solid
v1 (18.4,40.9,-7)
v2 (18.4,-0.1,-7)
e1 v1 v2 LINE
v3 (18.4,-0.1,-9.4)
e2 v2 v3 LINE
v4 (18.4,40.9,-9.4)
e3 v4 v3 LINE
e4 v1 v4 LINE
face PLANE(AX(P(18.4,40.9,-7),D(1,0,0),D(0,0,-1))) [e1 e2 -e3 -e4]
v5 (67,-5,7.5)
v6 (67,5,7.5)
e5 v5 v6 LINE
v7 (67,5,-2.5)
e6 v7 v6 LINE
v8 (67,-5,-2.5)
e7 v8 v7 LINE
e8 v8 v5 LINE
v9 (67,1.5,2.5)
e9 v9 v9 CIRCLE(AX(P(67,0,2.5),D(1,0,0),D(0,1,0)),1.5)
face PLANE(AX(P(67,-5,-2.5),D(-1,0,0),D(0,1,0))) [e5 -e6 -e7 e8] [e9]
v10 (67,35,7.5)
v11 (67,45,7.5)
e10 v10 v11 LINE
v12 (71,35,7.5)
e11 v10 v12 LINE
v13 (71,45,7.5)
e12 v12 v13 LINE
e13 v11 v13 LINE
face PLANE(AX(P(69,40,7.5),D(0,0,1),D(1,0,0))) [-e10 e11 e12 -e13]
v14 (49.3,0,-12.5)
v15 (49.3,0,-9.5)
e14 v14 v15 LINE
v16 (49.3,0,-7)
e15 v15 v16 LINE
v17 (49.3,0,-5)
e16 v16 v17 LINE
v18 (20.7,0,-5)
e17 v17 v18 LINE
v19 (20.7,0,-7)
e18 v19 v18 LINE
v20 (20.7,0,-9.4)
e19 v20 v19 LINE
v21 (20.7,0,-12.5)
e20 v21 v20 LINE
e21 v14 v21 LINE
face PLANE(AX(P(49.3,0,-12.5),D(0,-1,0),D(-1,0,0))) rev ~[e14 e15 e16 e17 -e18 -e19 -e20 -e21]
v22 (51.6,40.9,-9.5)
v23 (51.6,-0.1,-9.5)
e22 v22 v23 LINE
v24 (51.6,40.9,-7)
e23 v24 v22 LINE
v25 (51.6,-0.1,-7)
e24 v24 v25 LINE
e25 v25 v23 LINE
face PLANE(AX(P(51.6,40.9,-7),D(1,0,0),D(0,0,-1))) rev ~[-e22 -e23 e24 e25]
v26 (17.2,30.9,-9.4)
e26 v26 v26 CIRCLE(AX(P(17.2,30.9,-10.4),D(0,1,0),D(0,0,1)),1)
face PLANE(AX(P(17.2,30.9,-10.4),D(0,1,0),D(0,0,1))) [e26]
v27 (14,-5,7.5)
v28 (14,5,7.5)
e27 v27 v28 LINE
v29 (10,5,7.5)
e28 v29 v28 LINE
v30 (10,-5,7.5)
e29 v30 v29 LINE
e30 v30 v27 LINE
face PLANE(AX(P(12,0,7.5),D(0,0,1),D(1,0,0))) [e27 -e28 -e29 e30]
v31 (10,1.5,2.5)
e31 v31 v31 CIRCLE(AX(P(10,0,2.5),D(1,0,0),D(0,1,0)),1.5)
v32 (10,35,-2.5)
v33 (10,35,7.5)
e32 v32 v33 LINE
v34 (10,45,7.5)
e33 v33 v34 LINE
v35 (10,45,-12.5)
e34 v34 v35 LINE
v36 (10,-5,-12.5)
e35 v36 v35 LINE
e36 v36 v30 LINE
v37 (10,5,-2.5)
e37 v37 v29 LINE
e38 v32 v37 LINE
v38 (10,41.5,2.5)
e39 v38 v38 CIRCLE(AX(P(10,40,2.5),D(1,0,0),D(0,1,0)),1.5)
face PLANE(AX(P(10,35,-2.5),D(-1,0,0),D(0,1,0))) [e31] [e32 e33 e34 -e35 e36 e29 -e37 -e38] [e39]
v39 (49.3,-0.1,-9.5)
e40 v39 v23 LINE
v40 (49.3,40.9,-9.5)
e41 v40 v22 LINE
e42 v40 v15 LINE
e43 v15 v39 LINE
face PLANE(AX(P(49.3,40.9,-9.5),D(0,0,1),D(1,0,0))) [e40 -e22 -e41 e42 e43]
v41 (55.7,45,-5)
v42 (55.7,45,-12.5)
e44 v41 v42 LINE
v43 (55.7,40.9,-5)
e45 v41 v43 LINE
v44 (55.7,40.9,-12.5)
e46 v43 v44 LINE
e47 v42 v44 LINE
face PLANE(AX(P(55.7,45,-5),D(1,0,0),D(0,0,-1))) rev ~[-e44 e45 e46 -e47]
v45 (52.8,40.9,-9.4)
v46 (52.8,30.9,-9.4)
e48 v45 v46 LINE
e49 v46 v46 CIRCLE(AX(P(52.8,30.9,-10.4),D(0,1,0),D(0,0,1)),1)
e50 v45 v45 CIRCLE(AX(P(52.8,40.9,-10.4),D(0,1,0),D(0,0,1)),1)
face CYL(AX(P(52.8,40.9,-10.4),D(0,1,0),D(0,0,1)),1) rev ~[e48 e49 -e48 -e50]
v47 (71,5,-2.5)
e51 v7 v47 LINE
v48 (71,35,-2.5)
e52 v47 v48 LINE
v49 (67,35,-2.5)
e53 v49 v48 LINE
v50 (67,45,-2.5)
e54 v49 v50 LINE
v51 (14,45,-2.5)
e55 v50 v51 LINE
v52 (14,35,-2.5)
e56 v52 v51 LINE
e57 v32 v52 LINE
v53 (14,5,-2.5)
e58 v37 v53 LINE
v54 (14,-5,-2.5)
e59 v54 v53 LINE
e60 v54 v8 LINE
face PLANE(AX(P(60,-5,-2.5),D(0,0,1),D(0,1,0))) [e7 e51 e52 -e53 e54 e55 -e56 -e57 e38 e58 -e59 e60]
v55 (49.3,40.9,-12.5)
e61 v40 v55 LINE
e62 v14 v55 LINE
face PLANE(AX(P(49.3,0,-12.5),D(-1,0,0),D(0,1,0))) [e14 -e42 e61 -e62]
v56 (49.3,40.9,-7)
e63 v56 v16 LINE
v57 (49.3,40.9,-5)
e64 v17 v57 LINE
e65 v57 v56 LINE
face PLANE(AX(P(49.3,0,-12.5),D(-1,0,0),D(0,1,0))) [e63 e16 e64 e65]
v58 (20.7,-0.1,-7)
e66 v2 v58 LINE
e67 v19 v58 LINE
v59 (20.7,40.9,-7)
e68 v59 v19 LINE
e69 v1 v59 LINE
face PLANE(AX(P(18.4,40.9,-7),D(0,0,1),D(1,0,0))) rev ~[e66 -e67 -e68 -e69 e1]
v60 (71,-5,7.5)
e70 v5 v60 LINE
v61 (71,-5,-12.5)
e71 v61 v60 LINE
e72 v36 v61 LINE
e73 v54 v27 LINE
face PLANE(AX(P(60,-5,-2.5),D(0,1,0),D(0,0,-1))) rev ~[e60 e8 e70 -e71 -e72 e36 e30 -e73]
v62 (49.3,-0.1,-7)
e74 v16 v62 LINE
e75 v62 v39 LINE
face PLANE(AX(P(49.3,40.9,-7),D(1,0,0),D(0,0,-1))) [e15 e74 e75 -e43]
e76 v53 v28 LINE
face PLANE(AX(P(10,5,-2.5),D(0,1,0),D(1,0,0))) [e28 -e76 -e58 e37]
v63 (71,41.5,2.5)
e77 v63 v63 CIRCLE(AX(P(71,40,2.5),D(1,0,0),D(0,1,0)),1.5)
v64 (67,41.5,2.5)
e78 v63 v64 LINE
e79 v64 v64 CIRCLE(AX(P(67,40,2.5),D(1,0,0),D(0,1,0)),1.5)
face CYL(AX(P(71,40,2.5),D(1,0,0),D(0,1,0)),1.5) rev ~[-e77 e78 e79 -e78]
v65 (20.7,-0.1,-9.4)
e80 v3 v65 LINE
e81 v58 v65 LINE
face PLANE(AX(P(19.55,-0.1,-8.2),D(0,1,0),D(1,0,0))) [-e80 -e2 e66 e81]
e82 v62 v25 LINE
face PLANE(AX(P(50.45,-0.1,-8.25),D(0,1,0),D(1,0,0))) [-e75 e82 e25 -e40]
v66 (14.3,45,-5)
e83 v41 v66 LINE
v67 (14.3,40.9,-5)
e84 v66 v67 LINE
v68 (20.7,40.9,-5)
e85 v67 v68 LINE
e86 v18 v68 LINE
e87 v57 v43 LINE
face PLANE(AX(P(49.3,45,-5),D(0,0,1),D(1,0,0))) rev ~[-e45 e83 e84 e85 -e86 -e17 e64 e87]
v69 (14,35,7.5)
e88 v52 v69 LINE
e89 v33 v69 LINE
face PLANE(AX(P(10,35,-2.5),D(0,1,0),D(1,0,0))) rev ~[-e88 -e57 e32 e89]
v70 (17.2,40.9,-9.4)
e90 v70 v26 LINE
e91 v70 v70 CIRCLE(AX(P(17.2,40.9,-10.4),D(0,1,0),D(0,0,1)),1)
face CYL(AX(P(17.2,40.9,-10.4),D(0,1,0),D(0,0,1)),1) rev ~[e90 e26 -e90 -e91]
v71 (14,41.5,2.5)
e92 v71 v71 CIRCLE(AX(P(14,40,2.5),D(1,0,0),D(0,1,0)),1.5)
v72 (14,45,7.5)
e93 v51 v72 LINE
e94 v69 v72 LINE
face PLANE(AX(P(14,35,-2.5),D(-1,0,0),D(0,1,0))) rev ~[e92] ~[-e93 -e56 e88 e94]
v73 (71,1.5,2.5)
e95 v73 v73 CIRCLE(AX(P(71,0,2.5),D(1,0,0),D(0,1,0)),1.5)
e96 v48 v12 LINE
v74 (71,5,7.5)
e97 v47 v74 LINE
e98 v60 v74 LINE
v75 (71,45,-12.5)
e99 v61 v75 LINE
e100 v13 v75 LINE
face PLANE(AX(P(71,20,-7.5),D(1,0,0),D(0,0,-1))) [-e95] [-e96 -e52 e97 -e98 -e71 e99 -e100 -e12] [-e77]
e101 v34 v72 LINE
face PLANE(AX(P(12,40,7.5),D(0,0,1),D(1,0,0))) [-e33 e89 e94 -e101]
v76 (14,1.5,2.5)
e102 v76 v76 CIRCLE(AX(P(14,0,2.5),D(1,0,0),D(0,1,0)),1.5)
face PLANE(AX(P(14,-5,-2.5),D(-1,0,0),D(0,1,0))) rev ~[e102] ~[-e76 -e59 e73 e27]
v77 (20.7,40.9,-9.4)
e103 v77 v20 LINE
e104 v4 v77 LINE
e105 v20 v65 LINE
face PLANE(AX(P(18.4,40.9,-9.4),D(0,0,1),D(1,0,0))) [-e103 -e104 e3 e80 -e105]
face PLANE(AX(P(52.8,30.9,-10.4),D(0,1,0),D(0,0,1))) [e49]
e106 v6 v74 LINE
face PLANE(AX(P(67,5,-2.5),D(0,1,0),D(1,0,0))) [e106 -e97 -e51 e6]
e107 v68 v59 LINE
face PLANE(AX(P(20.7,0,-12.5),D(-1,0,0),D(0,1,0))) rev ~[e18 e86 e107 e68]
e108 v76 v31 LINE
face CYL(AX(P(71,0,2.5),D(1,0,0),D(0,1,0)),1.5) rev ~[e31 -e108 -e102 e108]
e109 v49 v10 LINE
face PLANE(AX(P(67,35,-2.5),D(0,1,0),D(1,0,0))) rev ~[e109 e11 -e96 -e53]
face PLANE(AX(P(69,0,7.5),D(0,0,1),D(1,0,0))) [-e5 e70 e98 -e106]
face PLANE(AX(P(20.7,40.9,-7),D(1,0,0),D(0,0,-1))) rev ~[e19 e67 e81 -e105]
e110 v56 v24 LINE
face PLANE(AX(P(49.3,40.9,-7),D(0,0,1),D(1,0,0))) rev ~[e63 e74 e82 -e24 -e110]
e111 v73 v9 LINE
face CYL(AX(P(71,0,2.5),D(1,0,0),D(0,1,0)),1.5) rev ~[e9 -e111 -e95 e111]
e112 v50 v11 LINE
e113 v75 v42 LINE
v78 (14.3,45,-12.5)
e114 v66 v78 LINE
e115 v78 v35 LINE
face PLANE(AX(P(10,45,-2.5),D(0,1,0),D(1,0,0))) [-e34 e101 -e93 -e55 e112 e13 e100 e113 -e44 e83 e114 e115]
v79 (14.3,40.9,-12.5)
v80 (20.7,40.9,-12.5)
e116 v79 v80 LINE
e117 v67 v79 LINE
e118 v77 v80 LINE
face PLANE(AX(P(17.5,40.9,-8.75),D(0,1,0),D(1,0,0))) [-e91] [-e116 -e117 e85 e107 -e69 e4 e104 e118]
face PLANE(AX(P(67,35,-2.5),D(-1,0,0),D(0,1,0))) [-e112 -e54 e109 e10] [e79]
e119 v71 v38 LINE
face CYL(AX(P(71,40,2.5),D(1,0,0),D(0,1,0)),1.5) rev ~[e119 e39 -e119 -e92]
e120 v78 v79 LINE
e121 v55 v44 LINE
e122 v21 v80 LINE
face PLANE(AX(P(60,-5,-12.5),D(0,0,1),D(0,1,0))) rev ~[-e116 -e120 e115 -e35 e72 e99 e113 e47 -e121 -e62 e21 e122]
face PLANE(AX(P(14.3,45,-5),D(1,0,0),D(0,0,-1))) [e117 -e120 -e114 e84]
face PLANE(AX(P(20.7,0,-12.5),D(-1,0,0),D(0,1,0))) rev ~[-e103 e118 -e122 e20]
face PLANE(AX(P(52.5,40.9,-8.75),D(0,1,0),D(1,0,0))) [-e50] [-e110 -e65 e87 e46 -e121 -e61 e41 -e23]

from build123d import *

# Parameters (mm, degrees)
SKETCH1_W                = 10
SKETCH1_H                = 20
BOSS_EXTRUDE2_DEPTH      = 10
SKETCH3_W                = 10
SKETCH3_H                = 20
BOSS_EXTRUDE3_DEPTH      = 10
SKETCH4_W                = 62.5
SKETCH4_H                = 5
BOSS_EXTRUDE4_DEPTH      = 10
SKETCH6_R                = 1
CUT_EXTRUDE1_DEPTH       = 10
CUT_EXTRUDE3_START       = -10
SKETCH10_R               = 1
CUT_EXTRUDE3_DEPTH       = 10
SKETCH11_W               = 50
SKETCH11_H               = 50
BOSS_EXTRUDE8_DEPTH      = 10
SKETCH18_W               = 10
SKETCH18_H               = 10
BOSS_EXTRUDE9_DEPTH      = 6
SKETCH20_W               = 10
SKETCH20_H               = 10
BOSS_EXTRUDE10_DEPTH     = 12
SKETCH23_W               = 28.6
SKETCH23_H               = 45
CUT_EXTRUDE10_DEPTH      = 7.5
SKETCH24_W               = 6.4
SKETCH24_H               = 7.5
CUT_EXTRUDE11_DEPTH      = 4.1
SKETCH25_W               = 2.3
SKETCH25_H               = 2.5
CUT_EXTRUDE12_DEPTH      = 41
SKETCH26_W               = 2.3
SKETCH26_H               = 2.4
CUT_EXTRUDE13_DEPTH      = 41
SKETCH27_R               = 1
CUT_EXTRUDE14_DEPTH      = 10
SKETCH28_R               = 1
CUT_EXTRUDE15_DEPTH      = 10
SKETCH31_W               = 12.5
SKETCH31_H               = 10
BOSS_EXTRUDE11_DEPTH     = 5
SKETCH32_W               = 10
SKETCH32_H               = 10
CUT_EXTRUDE16_DEPTH      = 7.5
CUT_EXTRUDE17_DEPTH      = 7.5
SKETCH33_W               = 10
SKETCH33_H               = 10
BOSS_EXTRUDE12_DEPTH     = 5
SKETCH34_W               = 10
SKETCH34_H               = 10
BOSS_EXTRUDE13_DEPTH     = 5
SKETCH35_W               = 10
SKETCH35_H               = 10
BOSS_EXTRUDE14_DEPTH     = 3.5
SKETCH36_W               = 10
SKETCH36_H               = 10
BOSS_EXTRUDE15_DEPTH     = 9.5
CUT_EXTRUDE18_DEPTH      = 90.5
CUT_EXTRUDE18_DEPTH_BACK = 15.5
SKETCH37_R               = 1.25
CUT_EXTRUDE19_DEPTH      = 88.5
CUT_EXTRUDE19_DEPTH_BACK = 15.5
SKETCH38_R               = 1.25
SKETCH39_W               = 29.967126749
SKETCH39_H               = 31.835751001
SKETCH39_W_2             = 15.617210398
SKETCH39_H_2             = 32.298255859
CUT_EXTRUDE20_DEPTH      = 36
SKETCH40_W               = 10
SKETCH40_H               = 50
BOSS_EXTRUDE16_DEPTH     = 11
SKETCH41_W               = 4
SKETCH41_H               = 10
BOSS_EXTRUDE17_DEPTH     = 10
SKETCH42_R               = 1.5
CUT_EXTRUDE21_DEPTH      = 80


with BuildPart() as part:
    # Sketch1 → Boss-Extrude2 (new body)
    with BuildSketch(Plane(origin=(0, 0, 0), x_dir=(1, 0, 0), z_dir=(0, 1, 0))):
        with Locations((5, 10)):
            Rectangle(SKETCH1_W, SKETCH1_H)
    extrude(amount=BOSS_EXTRUDE2_DEPTH)



with BuildPart() as body_2:
    # Sketch3 → Boss-Extrude3 (new body)
    with BuildSketch(Plane(origin=(0, 0, 0), x_dir=(1, 0, 0), z_dir=(0, 1, 0))):
        with Locations((77.5, 10)):
            Rectangle(SKETCH3_W, SKETCH3_H)
    extrude(amount=BOSS_EXTRUDE3_DEPTH)


with BuildPart() as part_1:
    add(part.part)

    add(body_2.part)  # Boss-Extrude4 merges body 2
    # Sketch4 → Boss-Extrude4 (add)
    with BuildSketch(Plane(origin=(0, 0, 0), x_dir=(1, 0, 0), z_dir=(0, 1, 0))):
        with Locations((41.25, 10)):
            Rectangle(SKETCH4_W, SKETCH4_H)
    extrude(amount=BOSS_EXTRUDE4_DEPTH)

    # Sketch6 → Cut-Extrude1 (cut)
    with BuildSketch(Plane(origin=(10, 0, 0), x_dir=(0, 0, -1), z_dir=(1, 0, 0))):
        with Locations((16.25, 5)):
            Circle(SKETCH6_R)
    extrude(amount=-CUT_EXTRUDE1_DEPTH, mode=Mode.SUBTRACT)

    # Sketch10 → Cut-Extrude3 (cut)
    with BuildSketch(Plane.ZY.offset(-72.5).offset(CUT_EXTRUDE3_START)):
        with Locations(Location((-16.25, 5, 0), (0, 0, 180))):
            Circle(SKETCH10_R)
    extrude(amount=CUT_EXTRUDE3_DEPTH, mode=Mode.SUBTRACT)

    # Sketch11 → Boss-Extrude8 (add)
    with BuildSketch(Plane(origin=(0, 0, -12.5), x_dir=(-1, 0, 0), z_dir=(0, 0, -1))):
        with Locations((-35, 20)):
            Rectangle(SKETCH11_W, SKETCH11_H)
    extrude(amount=-BOSS_EXTRUDE8_DEPTH)

    # Sketch18 → Boss-Extrude9 (add)
    with BuildSketch(Plane.XY):
        with Locations((5, 5)):
            Rectangle(SKETCH18_W, SKETCH18_H)
    extrude(amount=BOSS_EXTRUDE9_DEPTH)

    # Sketch20 → Boss-Extrude10 (add)
    with BuildSketch(Plane.XZ):
        with Locations((77.5, -7.5)):
            Rectangle(SKETCH20_W, SKETCH20_H)
        with Locations((5, -7.5)):
            Rectangle(SKETCH20_W, SKETCH20_H)
    extrude(amount=BOSS_EXTRUDE10_DEPTH)

    # Sketch23 → Cut-Extrude10 (cut)
    with BuildSketch(Plane(origin=(0, 0, -12.5), x_dir=(-1, 0, 0), z_dir=(0, 0, -1))):
        with Locations((-35, 22.5)):
            Rectangle(SKETCH23_W, SKETCH23_H)
    extrude(amount=-CUT_EXTRUDE10_DEPTH, mode=Mode.SUBTRACT)

    # Sketch24 → Cut-Extrude11 (cut)
    with BuildSketch(Plane(origin=(0, 45, 0), x_dir=(1, 0, 0), z_dir=(0, 1, 0))):
        with Locations((17.5, 8.75)):
            Rectangle(SKETCH24_W, SKETCH24_H)
        with Locations((52.5, 8.75)):
            Rectangle(SKETCH24_W, SKETCH24_H)
    extrude(amount=-CUT_EXTRUDE11_DEPTH, mode=Mode.SUBTRACT)

    # Sketch25 → Cut-Extrude12 (cut)
    with BuildSketch(Plane(origin=(0, 40.9, 0), x_dir=(1, 0, 0), z_dir=(0, 1, 0))):
        with Locations((50.45, 8.25)):
            Rectangle(SKETCH25_W, SKETCH25_H)
    extrude(amount=-CUT_EXTRUDE12_DEPTH, mode=Mode.SUBTRACT)

    # Sketch26 → Cut-Extrude13 (cut)
    with BuildSketch(Plane(origin=(0, 40.9, 0), x_dir=(1, 0, 0), z_dir=(0, 1, 0))):
        with Locations((19.55, 8.2)):
            Rectangle(SKETCH26_W, SKETCH26_H)
    extrude(amount=-CUT_EXTRUDE13_DEPTH, mode=Mode.SUBTRACT)

    # Sketch27 → Cut-Extrude14 (cut)
    with BuildSketch(Plane(origin=(0, 40.9, 0), x_dir=(1, 0, 0), z_dir=(0, 1, 0))):
        with Locations(Location((17.2, 10.4, 0), (0, 0, 270))):
            Circle(SKETCH27_R)
    extrude(amount=-CUT_EXTRUDE14_DEPTH, mode=Mode.SUBTRACT)

    # Sketch28 → Cut-Extrude15 (cut)
    with BuildSketch(Plane(origin=(0, 40.9, 0), x_dir=(1, 0, 0), z_dir=(0, 1, 0))):
        with Locations(Location((52.8, 10.4, 0), (0, 0, 270))):
            Circle(SKETCH28_R)
    extrude(amount=-CUT_EXTRUDE15_DEPTH, mode=Mode.SUBTRACT)

    # Sketch31 → Boss-Extrude11 (add)
    with BuildSketch(Plane.XY.offset(-7.5)):
        with Locations((66.25, 5)):
            Rectangle(SKETCH31_W, SKETCH31_H)
    extrude(amount=BOSS_EXTRUDE11_DEPTH)

    # Sketch32 → Cut-Extrude16 (cut)
    with BuildSketch(Plane(origin=(0, 0, -20), x_dir=(-1, 0, 0), z_dir=(0, 0, -1))):
        with Locations((-77.5, 5)):
            Rectangle(SKETCH32_W, SKETCH32_H)
    extrude(amount=-CUT_EXTRUDE16_DEPTH, mode=Mode.SUBTRACT)

    # 3DSketch1 → Cut-Extrude17 (cut)
    with BuildSketch(Plane(origin=(10, 0, -20), x_dir=(-0.7071067811865476, 0.7071067811865476, 0), z_dir=(0, 0, 1))):
        Polygon((0, 0), (7.071067812, 7.071067812), (14.142135624, 0), (7.071067812, -7.071067812), align=None)
    extrude(amount=CUT_EXTRUDE17_DEPTH, mode=Mode.SUBTRACT)

    # Sketch33 → Boss-Extrude12 (add)
    with BuildSketch(Plane.XZ.offset(12)):
        with Locations((5, -7.5)):
            Rectangle(SKETCH33_W, SKETCH33_H)
    extrude(amount=BOSS_EXTRUDE12_DEPTH)

    # Sketch34 → Boss-Extrude13 (add)
    with BuildSketch(Plane.XZ.offset(12)):
        with Locations((77.5, -7.5)):
            Rectangle(SKETCH34_W, SKETCH34_H)
    extrude(amount=BOSS_EXTRUDE13_DEPTH)

    # Sketch35 → Boss-Extrude14 (add)
    with BuildSketch(Plane.XY.offset(6)):
        with Locations((5, 5)):
            Rectangle(SKETCH35_W, SKETCH35_H)
    extrude(amount=BOSS_EXTRUDE14_DEPTH)

    # Sketch36 → Boss-Extrude15 (add)
    with BuildSketch(Plane.XY):
        with Locations((77.5, 5)):
            Rectangle(SKETCH36_W, SKETCH36_H)
    extrude(amount=BOSS_EXTRUDE15_DEPTH)

    # Sketch37 → Cut-Extrude18 (cut, two sides: drawn at the far end of the back side and taken through both)
    with BuildSketch(Plane(origin=(10, 0, 0), x_dir=(0, 0, -1), z_dir=(1, 0, 0)).offset(-CUT_EXTRUDE18_DEPTH_BACK)):
        with Locations(Location((-3.5, 5, 0), (0, 0, 180))):
            Circle(SKETCH37_R)
    extrude(amount=CUT_EXTRUDE18_DEPTH + CUT_EXTRUDE18_DEPTH_BACK, mode=Mode.SUBTRACT)

    # Sketch38 → Cut-Extrude19 (cut, two sides: drawn at the far end of the back side and taken through both)
    with BuildSketch(Plane(origin=(10, 0, 0), x_dir=(0, 0, -1), z_dir=(1, 0, 0)).offset(-CUT_EXTRUDE19_DEPTH_BACK)):
        with Locations(Location((7.5, -11, 0), (0, 0, 180))):
            Circle(SKETCH38_R)
    extrude(amount=CUT_EXTRUDE19_DEPTH + CUT_EXTRUDE19_DEPTH_BACK, mode=Mode.SUBTRACT)

    # Sketch39 → Cut-Extrude20 (cut)
    with BuildSketch(Plane(origin=(0, 0, -12.5), x_dir=(-1, 0, 0), z_dir=(0, 0, -1))):
        with Locations((-74.983563375, -4.30748393)):
            Rectangle(SKETCH39_W, SKETCH39_H)
        with Locations((-2.191394801, -3.536642501)):
            Rectangle(SKETCH39_W_2, SKETCH39_H_2)
    extrude(amount=-CUT_EXTRUDE20_DEPTH, mode=Mode.SUBTRACT)

    # Sketch40 → Boss-Extrude16 (add)
    with BuildSketch(Plane(origin=(60, 0, 0), x_dir=(0, 0, -1), z_dir=(1, 0, 0))):
        with Locations((7.5, 20)):
            Rectangle(SKETCH40_W, SKETCH40_H)
    extrude(amount=BOSS_EXTRUDE16_DEPTH)

    # Sketch41 → Boss-Extrude17 (add)
    with BuildSketch(Plane.XY.offset(-2.5)):
        with Locations((12, 40)):
            Rectangle(SKETCH41_W, SKETCH41_H)
        with Locations((12, 0)):
            Rectangle(SKETCH41_W, SKETCH41_H)
        with Locations((69, 40)):
            Rectangle(SKETCH41_W, SKETCH41_H)
        with Locations((69, 0)):
            Rectangle(SKETCH41_W, SKETCH41_H)
    extrude(amount=BOSS_EXTRUDE17_DEPTH)

    # Sketch42 → Cut-Extrude21 (cut)
    with BuildSketch(Plane(origin=(71, 0, 0), x_dir=(0, 0, -1), z_dir=(1, 0, 0))):
        with Locations(Location((-2.5, 0, 0), (0, 0, 90))):
            Circle(SKETCH42_R)
        with Locations(Location((-2.5, 40, 0), (0, 0, 90))):
            Circle(SKETCH42_R)
    extrude(amount=-CUT_EXTRUDE21_DEPTH, mode=Mode.SUBTRACT)


solid = part_1.part
